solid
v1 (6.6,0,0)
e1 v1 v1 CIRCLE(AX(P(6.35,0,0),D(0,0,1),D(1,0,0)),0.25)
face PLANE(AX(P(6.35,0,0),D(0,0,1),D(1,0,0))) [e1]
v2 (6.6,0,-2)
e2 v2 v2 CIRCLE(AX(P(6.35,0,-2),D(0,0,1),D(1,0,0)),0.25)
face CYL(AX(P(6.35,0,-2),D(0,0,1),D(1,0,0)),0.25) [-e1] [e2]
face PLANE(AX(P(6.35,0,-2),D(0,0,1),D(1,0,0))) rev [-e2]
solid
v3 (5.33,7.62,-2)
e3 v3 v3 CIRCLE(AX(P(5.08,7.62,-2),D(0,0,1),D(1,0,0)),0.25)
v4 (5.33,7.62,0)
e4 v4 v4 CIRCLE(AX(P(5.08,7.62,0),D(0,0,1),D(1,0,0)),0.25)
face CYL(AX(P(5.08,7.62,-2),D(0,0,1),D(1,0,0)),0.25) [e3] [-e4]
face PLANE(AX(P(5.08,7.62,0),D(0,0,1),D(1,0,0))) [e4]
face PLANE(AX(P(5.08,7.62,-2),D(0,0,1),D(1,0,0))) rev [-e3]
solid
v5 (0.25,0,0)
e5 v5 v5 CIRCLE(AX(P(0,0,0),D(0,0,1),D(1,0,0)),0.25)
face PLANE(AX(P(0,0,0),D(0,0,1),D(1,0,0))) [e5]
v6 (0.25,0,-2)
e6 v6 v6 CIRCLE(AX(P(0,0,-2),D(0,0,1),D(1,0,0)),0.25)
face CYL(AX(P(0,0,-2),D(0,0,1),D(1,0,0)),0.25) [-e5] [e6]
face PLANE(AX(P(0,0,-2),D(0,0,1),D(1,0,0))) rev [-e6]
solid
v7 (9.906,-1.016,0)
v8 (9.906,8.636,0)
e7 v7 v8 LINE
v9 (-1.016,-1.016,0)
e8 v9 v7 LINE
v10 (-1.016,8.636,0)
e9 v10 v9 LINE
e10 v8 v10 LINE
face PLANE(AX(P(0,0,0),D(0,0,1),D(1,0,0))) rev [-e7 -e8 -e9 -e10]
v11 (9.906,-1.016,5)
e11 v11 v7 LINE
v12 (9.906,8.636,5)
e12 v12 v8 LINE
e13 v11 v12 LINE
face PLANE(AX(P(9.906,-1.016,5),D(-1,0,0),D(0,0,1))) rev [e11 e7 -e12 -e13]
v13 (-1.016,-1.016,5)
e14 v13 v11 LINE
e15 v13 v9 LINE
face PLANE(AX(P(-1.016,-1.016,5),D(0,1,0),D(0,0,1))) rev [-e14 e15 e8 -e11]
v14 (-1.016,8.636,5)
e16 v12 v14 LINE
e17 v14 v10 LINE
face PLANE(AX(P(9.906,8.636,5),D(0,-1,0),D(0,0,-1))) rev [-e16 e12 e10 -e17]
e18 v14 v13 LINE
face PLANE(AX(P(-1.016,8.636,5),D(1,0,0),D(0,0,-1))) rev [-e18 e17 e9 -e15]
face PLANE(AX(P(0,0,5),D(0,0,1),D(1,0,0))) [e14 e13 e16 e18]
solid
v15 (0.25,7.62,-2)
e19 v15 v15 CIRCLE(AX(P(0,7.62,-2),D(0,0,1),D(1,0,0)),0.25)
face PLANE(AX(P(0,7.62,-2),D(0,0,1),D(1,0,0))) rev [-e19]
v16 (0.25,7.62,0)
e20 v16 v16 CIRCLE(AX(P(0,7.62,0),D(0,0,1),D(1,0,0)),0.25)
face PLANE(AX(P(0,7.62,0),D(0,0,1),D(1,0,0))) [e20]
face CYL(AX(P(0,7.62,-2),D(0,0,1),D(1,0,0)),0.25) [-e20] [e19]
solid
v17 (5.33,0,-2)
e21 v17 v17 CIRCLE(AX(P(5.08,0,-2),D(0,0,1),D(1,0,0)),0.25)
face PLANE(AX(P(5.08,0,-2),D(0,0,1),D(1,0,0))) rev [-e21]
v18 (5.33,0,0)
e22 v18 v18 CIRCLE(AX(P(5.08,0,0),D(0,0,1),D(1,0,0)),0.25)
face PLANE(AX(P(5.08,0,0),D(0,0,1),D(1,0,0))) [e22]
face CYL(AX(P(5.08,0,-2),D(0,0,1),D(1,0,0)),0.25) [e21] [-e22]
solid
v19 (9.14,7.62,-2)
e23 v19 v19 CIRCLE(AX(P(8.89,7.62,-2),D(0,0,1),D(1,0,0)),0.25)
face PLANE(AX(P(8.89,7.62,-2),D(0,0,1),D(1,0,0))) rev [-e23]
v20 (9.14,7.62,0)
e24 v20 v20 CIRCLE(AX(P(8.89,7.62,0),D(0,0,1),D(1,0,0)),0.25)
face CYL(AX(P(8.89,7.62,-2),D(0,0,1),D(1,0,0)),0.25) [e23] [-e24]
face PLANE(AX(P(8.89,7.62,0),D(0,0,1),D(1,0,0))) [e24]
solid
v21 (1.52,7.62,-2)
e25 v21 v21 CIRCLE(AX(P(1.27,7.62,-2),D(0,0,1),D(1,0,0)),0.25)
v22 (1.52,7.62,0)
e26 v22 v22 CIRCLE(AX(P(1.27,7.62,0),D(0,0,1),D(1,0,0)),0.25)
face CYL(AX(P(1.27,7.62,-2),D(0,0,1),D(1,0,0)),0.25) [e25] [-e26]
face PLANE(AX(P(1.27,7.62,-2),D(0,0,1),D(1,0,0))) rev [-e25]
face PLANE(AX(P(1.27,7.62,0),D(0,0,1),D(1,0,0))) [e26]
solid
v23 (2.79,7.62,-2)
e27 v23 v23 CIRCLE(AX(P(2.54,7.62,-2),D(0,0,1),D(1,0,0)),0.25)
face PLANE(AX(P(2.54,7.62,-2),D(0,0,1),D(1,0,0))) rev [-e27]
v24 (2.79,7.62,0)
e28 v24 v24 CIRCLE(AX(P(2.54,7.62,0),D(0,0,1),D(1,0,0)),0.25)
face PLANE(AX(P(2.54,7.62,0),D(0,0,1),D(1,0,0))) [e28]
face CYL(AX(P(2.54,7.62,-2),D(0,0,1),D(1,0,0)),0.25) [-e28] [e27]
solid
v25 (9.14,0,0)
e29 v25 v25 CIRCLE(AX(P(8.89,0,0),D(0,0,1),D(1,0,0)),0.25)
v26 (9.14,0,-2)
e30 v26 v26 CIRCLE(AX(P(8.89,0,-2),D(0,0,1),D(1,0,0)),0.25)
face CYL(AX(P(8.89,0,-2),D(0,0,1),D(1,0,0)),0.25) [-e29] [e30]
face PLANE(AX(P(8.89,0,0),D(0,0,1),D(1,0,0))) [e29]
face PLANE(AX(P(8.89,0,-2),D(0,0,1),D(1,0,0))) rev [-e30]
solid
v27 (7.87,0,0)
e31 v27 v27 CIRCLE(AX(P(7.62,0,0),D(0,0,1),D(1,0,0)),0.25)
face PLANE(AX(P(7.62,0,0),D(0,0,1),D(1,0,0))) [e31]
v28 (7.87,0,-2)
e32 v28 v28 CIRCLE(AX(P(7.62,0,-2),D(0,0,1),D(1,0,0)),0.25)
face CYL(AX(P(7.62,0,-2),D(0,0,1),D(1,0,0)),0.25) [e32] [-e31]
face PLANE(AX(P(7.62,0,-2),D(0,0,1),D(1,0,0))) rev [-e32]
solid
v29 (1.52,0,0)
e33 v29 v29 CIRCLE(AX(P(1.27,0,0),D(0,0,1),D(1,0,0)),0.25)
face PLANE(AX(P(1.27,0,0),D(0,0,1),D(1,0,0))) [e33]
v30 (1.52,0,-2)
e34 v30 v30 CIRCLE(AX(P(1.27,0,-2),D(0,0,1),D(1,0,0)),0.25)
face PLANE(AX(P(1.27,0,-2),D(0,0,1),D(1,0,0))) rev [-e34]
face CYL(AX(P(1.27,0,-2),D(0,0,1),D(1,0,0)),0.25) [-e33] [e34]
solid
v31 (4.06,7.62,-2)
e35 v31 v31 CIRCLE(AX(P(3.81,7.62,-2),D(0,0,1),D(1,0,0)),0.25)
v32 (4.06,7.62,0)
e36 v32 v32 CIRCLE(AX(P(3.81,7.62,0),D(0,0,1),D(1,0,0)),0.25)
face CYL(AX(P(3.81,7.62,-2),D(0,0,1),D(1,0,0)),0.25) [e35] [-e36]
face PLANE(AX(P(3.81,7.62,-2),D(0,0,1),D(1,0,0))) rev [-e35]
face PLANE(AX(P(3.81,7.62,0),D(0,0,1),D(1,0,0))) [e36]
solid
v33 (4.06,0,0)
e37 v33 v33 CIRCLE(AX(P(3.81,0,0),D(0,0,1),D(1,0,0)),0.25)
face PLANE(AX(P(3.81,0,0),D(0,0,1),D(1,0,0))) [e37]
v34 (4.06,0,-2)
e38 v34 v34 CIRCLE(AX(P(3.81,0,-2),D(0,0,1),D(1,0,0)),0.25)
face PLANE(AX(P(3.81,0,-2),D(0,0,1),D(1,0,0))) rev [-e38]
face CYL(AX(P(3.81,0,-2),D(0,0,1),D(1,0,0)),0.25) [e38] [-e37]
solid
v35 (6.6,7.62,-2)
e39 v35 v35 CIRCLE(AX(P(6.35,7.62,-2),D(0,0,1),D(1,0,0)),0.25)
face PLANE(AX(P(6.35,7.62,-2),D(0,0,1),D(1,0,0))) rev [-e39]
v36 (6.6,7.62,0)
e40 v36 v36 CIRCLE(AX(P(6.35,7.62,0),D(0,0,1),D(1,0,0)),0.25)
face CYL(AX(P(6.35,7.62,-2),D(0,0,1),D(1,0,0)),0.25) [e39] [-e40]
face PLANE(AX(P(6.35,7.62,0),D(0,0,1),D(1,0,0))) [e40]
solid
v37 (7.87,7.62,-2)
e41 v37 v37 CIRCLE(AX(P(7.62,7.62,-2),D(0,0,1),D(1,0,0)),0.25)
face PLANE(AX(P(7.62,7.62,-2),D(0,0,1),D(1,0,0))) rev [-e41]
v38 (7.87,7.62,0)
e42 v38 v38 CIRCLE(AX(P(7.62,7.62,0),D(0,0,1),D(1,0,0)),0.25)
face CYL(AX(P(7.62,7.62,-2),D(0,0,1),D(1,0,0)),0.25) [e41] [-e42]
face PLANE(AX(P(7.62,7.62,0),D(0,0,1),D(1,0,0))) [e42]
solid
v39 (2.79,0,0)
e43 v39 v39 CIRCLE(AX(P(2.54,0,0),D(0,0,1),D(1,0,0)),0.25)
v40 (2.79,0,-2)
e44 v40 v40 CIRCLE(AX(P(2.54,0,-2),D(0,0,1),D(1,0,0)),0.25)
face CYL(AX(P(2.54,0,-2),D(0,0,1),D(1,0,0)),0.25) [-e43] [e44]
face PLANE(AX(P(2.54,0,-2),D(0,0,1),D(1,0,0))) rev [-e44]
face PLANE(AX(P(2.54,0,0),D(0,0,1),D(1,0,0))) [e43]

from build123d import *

# Parameters (mm, degrees)
SKETCH1_W               = 10.922
SKETCH1_H               = 9.652
COMPONENT_OUTLINE_DEPTH = 5
SKETCH2_R               = 0.25
EXTRUDE_1_DEPTH         = 2
SKETCH3_R               = 0.25
EXTRUDE_2_DEPTH         = 2
SKETCH4_R               = 0.25
EXTRUDE_3_DEPTH         = 2
SKETCH5_R               = 0.25
EXTRUDE_4_DEPTH         = 2
SKETCH6_R               = 0.25
EXTRUDE_5_DEPTH         = 2
SKETCH7_R               = 0.25
EXTRUDE_6_DEPTH         = 2
SKETCH8_R               = 0.25
EXTRUDE_7_DEPTH         = 2
SKETCH9_R               = 0.25
EXTRUDE_8_DEPTH         = 2
SKETCH10_R              = 0.25
EXTRUDE_9_DEPTH         = 2
SKETCH11_R              = 0.25
EXTRUDE_10_DEPTH        = 2
SKETCH12_R              = 0.25
EXTRUDE_11_DEPTH        = 2
SKETCH13_R              = 0.25
EXTRUDE_12_DEPTH        = 2
SKETCH14_R              = 0.25
EXTRUDE_13_DEPTH        = 2
SKETCH15_R              = 0.25
EXTRUDE_14_DEPTH        = 2
SKETCH16_R              = 0.25
EXTRUDE_15_DEPTH        = 2
SKETCH17_R              = 0.25
EXTRUDE_16_DEPTH        = 2


with BuildPart() as part:
    # Sketch1 → Component_Outline (new body)
    with BuildSketch(Plane.XY):
        with Locations((4.445, 3.81)):
            Rectangle(SKETCH1_W, SKETCH1_H)
    extrude(amount=COMPONENT_OUTLINE_DEPTH)


with BuildPart() as body_2:
    # Sketch2 → Extrude 1 (new body)
    with BuildSketch(Plane.XY):
        Circle(SKETCH2_R)
    extrude(amount=-EXTRUDE_1_DEPTH)


with BuildPart() as body_3:
    # Sketch3 → Extrude 2 (new body)
    with BuildSketch(Plane.XY):
        with Locations((1.27, 0)):
            Circle(SKETCH3_R)
    extrude(amount=-EXTRUDE_2_DEPTH)


with BuildPart() as body_4:
    # Sketch4 → Extrude 3 (new body)
    with BuildSketch(Plane.XY):
        with Locations((2.54, 0)):
            Circle(SKETCH4_R)
    extrude(amount=-EXTRUDE_3_DEPTH)


with BuildPart() as body_5:
    # Sketch5 → Extrude 4 (new body)
    with BuildSketch(Plane.XY):
        with Locations((3.81, 0)):
            Circle(SKETCH5_R)
    extrude(amount=-EXTRUDE_4_DEPTH)


with BuildPart() as body_6:
    # Sketch6 → Extrude 5 (new body)
    with BuildSketch(Plane.XY):
        with Locations((5.08, 0)):
            Circle(SKETCH6_R)
    extrude(amount=-EXTRUDE_5_DEPTH)


with BuildPart() as body_7:
    # Sketch7 → Extrude 6 (new body)
    with BuildSketch(Plane.XY):
        with Locations((6.35, 0)):
            Circle(SKETCH7_R)
    extrude(amount=-EXTRUDE_6_DEPTH)


with BuildPart() as body_8:
    # Sketch8 → Extrude 7 (new body)
    with BuildSketch(Plane.XY):
        with Locations((7.62, 0)):
            Circle(SKETCH8_R)
    extrude(amount=-EXTRUDE_7_DEPTH)


with BuildPart() as body_9:
    # Sketch9 → Extrude 8 (new body)
    with BuildSketch(Plane.XY):
        with Locations((8.89, 0)):
            Circle(SKETCH9_R)
    extrude(amount=-EXTRUDE_8_DEPTH)


with BuildPart() as body_10:
    # Sketch10 → Extrude 9 (new body)
    with BuildSketch(Plane.XY):
        with Locations((8.89, 7.62)):
            Circle(SKETCH10_R)
    extrude(amount=-EXTRUDE_9_DEPTH)


with BuildPart() as body_11:
    # Sketch11 → Extrude 10 (new body)
    with BuildSketch(Plane.XY):
        with Locations((7.62, 7.62)):
            Circle(SKETCH11_R)
    extrude(amount=-EXTRUDE_10_DEPTH)


with BuildPart() as body_12:
    # Sketch12 → Extrude 11 (new body)
    with BuildSketch(Plane.XY):
        with Locations((6.35, 7.62)):
            Circle(SKETCH12_R)
    extrude(amount=-EXTRUDE_11_DEPTH)


with BuildPart() as body_13:
    # Sketch13 → Extrude 12 (new body)
    with BuildSketch(Plane.XY):
        with Locations((5.08, 7.62)):
            Circle(SKETCH13_R)
    extrude(amount=-EXTRUDE_12_DEPTH)


with BuildPart() as body_14:
    # Sketch14 → Extrude 13 (new body)
    with BuildSketch(Plane.XY):
        with Locations((3.81, 7.62)):
            Circle(SKETCH14_R)
    extrude(amount=-EXTRUDE_13_DEPTH)


with BuildPart() as body_15:
    # Sketch15 → Extrude 14 (new body)
    with BuildSketch(Plane.XY):
        with Locations((2.54, 7.62)):
            Circle(SKETCH15_R)
    extrude(amount=-EXTRUDE_14_DEPTH)


with BuildPart() as body_16:
    # Sketch16 → Extrude 15 (new body)
    with BuildSketch(Plane.XY):
        with Locations((1.27, 7.62)):
            Circle(SKETCH16_R)
    extrude(amount=-EXTRUDE_15_DEPTH)


with BuildPart() as body_17:
    # Sketch17 → Extrude 16 (new body)
    with BuildSketch(Plane.XY):
        with Locations((0, 7.62)):
            Circle(SKETCH17_R)
    extrude(amount=-EXTRUDE_16_DEPTH)


solid = Compound([part.part, body_2.part, body_3.part, body_4.part, body_5.part, body_6.part, body_7.part, body_8.part, body_9.part, body_10.part, body_11.part, body_12.part, body_13.part, body_14.part, body_15.part, body_16.part, body_17.part])
